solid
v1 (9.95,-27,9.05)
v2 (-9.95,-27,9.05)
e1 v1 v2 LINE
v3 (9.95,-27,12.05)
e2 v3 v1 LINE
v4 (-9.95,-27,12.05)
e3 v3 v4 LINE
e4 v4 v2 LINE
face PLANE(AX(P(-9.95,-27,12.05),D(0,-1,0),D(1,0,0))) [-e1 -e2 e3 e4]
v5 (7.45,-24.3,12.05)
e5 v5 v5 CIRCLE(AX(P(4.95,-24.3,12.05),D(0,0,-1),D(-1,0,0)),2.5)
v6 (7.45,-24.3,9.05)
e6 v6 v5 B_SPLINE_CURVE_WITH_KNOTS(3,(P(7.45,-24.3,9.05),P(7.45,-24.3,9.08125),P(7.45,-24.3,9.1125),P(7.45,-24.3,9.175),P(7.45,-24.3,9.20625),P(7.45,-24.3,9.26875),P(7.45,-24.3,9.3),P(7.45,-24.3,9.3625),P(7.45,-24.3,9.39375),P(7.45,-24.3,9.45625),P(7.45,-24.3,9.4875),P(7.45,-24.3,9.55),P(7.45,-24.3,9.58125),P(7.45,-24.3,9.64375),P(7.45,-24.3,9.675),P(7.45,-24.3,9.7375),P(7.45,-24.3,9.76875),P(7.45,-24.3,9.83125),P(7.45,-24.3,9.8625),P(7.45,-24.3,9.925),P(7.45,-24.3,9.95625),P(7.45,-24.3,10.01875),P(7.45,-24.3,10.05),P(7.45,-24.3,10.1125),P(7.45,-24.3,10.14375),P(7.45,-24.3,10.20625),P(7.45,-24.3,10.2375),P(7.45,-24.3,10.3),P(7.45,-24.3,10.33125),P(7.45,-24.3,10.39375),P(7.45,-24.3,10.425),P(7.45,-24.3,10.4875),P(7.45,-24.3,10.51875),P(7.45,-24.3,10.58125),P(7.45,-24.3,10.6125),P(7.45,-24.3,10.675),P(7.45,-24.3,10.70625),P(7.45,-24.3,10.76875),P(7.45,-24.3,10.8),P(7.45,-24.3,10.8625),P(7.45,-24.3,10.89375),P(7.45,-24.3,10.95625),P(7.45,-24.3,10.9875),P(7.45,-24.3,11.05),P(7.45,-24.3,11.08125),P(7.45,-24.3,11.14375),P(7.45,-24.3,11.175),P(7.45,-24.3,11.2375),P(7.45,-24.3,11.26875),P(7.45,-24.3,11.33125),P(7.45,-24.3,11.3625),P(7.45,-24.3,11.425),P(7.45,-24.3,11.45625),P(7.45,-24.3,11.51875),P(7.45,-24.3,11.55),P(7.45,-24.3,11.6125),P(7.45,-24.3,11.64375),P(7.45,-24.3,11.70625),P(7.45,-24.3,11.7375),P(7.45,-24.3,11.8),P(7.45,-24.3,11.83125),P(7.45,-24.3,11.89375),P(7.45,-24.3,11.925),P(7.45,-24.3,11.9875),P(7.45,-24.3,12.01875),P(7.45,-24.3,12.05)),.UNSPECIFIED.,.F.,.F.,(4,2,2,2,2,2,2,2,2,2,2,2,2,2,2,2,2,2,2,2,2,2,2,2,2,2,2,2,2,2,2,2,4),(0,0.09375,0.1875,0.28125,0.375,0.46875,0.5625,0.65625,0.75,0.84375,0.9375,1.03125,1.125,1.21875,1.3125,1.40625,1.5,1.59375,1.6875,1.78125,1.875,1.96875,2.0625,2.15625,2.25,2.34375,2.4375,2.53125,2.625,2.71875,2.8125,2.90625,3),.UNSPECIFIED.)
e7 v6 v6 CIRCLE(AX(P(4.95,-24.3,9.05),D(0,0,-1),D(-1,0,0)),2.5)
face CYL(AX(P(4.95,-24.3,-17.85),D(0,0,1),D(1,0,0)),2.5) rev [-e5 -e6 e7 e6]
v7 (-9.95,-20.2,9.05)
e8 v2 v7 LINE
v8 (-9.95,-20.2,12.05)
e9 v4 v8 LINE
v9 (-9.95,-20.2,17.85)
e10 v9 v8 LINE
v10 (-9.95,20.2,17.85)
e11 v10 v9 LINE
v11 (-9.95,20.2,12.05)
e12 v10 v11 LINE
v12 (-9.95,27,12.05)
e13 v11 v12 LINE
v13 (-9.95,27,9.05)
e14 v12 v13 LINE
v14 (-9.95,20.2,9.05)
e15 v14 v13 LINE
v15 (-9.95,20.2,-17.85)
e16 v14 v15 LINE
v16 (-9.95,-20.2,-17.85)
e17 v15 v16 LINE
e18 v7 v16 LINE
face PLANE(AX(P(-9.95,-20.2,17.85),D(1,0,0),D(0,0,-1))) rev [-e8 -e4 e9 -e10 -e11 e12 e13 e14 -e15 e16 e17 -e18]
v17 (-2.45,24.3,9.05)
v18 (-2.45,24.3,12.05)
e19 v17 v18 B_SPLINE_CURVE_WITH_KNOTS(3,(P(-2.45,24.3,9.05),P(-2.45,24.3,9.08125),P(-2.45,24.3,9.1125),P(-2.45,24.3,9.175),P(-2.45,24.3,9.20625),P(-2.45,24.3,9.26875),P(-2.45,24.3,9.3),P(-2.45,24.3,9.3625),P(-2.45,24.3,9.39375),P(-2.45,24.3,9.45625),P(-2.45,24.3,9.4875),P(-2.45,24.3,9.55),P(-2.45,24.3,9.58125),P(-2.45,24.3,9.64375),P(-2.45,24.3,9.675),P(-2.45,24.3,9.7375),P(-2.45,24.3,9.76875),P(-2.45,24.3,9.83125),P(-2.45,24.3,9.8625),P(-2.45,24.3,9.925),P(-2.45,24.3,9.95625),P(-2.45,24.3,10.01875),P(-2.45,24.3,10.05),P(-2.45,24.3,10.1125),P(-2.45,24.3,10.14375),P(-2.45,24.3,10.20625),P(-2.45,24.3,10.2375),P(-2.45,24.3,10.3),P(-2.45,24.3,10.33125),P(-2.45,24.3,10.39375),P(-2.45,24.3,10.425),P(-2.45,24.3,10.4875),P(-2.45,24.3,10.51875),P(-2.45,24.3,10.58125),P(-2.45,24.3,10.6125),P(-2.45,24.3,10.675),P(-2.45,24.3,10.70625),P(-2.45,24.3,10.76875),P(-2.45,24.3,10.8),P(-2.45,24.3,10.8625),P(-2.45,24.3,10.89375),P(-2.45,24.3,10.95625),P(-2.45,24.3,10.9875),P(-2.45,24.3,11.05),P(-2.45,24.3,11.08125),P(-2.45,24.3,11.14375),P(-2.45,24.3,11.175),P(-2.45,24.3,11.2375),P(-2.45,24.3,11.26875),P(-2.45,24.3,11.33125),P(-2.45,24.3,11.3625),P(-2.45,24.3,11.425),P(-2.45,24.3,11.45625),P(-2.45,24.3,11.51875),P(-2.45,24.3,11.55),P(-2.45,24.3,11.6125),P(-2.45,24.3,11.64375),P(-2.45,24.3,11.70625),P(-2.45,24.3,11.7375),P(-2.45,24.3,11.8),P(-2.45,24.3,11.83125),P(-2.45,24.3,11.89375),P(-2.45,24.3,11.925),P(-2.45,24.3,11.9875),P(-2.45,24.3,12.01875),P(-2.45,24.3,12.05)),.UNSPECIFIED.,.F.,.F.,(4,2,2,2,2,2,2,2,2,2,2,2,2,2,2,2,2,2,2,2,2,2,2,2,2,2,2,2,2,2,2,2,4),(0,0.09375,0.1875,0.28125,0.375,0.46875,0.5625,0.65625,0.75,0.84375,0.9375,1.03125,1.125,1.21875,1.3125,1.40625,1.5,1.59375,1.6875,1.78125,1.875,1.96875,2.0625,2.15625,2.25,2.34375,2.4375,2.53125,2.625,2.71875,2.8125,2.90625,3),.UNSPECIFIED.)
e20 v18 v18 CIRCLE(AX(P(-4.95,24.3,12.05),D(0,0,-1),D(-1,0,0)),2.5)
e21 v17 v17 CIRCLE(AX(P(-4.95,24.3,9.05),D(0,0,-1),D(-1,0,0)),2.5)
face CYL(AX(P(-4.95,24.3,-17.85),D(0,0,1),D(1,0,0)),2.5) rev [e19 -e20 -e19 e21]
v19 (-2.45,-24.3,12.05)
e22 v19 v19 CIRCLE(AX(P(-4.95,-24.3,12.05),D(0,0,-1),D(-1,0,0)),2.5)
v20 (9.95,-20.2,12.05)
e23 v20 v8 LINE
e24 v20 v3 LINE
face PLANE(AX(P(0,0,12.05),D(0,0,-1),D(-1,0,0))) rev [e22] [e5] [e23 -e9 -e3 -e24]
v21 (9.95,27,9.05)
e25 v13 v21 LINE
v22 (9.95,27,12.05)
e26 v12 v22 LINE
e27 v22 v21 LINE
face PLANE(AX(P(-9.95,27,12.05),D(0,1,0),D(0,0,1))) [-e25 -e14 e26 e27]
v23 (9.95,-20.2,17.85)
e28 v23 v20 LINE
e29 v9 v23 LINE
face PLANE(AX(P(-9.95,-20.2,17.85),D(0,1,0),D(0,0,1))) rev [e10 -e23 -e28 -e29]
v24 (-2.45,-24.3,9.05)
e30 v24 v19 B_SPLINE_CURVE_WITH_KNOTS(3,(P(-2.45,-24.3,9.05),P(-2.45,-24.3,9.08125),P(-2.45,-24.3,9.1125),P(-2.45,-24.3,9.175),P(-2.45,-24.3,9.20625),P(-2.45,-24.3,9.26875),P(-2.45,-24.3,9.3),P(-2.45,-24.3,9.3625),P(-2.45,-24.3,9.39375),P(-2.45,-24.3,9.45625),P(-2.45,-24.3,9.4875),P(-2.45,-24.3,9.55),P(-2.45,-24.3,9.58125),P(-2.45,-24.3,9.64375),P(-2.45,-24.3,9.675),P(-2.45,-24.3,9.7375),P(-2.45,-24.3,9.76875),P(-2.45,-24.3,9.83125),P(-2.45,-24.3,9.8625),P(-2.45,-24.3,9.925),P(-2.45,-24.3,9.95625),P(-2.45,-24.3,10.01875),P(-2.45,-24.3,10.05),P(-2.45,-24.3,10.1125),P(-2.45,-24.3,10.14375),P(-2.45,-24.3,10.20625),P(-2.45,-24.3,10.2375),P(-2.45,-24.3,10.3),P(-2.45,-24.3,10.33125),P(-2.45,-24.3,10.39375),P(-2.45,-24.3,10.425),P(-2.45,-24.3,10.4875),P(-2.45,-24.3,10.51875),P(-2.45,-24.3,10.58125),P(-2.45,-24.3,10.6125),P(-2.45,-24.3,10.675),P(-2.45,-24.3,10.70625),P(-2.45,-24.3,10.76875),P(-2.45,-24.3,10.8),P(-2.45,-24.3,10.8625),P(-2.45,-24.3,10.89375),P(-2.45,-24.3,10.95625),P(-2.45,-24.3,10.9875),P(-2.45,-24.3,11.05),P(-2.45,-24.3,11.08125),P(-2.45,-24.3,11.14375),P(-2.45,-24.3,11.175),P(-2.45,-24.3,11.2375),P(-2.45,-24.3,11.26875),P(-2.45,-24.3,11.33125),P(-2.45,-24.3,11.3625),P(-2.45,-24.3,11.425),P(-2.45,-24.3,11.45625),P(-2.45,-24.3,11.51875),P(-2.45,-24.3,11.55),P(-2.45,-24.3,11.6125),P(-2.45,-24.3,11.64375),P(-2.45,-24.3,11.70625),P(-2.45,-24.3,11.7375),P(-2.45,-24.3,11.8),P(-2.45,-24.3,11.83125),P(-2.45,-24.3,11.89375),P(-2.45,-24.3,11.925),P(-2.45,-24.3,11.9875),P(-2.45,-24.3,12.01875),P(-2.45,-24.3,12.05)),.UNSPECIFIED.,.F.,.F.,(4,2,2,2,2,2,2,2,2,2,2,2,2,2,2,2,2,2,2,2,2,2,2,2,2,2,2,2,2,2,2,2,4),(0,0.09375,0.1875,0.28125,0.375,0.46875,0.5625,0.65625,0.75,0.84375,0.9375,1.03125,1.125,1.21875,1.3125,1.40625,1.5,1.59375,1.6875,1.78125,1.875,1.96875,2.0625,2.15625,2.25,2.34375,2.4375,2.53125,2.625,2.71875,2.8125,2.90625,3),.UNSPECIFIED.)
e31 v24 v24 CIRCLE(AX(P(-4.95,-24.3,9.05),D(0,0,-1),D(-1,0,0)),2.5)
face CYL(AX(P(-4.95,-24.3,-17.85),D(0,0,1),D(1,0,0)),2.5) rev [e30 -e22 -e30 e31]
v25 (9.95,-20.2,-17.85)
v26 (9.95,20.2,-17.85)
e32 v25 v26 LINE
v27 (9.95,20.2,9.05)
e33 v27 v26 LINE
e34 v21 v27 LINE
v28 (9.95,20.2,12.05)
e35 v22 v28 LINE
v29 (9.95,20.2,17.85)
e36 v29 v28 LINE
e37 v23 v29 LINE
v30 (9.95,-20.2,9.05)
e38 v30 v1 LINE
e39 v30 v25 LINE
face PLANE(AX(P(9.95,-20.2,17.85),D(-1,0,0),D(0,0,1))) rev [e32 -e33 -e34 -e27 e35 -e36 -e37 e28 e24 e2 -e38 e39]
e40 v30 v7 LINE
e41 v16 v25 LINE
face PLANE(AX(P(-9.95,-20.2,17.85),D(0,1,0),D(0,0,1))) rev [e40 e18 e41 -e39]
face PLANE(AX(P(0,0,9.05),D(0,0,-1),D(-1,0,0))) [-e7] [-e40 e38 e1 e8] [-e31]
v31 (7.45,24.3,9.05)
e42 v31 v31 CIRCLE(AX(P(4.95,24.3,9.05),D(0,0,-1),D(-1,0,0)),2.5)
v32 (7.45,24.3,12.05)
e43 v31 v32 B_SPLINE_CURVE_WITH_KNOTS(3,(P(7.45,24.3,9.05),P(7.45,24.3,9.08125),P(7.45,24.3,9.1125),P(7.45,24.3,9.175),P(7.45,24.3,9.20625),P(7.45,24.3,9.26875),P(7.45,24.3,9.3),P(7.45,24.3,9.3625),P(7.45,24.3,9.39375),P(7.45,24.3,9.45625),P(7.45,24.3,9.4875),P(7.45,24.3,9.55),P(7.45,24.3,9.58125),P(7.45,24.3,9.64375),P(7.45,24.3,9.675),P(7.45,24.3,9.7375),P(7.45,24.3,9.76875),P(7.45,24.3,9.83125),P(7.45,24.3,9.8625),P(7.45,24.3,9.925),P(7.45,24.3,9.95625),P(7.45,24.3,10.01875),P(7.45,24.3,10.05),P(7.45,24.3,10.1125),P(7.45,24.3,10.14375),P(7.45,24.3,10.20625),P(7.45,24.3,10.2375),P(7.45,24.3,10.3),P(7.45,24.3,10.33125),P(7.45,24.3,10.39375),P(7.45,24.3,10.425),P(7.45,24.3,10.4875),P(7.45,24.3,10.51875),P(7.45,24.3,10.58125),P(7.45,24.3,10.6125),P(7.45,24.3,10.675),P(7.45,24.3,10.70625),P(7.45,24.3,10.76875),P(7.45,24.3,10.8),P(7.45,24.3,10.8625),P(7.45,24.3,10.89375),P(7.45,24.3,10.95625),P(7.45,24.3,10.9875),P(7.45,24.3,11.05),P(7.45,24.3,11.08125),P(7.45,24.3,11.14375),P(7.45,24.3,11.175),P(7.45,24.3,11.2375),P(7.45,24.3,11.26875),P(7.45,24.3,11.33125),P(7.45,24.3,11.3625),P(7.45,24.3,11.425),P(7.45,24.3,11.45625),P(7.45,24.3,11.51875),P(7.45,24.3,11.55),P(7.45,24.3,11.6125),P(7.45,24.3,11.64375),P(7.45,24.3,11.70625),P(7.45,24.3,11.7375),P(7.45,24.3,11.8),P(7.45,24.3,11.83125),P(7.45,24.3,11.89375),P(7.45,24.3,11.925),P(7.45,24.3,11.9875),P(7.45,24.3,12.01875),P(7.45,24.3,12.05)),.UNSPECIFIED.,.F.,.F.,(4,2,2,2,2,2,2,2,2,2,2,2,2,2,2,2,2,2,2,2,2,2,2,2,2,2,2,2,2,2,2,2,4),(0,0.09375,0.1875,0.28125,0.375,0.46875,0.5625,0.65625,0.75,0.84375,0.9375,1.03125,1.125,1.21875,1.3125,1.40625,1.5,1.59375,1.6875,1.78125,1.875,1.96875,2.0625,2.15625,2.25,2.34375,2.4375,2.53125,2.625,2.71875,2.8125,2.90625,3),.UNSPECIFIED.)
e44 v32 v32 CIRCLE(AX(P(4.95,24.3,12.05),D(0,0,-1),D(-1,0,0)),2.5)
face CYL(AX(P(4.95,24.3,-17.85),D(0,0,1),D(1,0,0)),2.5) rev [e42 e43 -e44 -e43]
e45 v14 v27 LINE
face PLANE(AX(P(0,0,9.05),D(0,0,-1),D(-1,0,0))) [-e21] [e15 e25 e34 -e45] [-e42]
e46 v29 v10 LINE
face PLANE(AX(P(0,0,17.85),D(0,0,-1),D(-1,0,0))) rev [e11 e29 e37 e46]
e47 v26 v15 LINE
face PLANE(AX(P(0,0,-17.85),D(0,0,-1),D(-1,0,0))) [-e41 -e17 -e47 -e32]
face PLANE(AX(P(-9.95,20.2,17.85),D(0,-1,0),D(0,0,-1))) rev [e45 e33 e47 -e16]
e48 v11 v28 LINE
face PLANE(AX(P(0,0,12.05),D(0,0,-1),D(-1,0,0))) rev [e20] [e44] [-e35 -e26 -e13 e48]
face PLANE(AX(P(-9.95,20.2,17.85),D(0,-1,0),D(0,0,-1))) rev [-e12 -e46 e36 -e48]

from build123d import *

# Parameters (mm, degrees)
SKETCH4_W               = 19.9
SKETCH4_H               = 40.4
BOSS_EXTRUDE3_DEPTH     = 17.85
SKETCH6_W               = 19.9
SKETCH6_H               = 54
BOSS_EXTRUDE4_DEPTH     = 3
CUT_EXTRUDE2_DEPTH      = 34.861851692
CUT_EXTRUDE2_DEPTH_BACK = 34.861851692
SKETCH1_R               = 2.5


with BuildPart() as part:
    # Sketch4 → Boss-Extrude3 (new, symmetric)
    with BuildSketch(Plane.XY):
        Rectangle(SKETCH4_W, SKETCH4_H)
    extrude(amount=BOSS_EXTRUDE3_DEPTH, both=True)

    # Sketch6 → Boss-Extrude4 (add)
    with BuildSketch(Plane(origin=(0, 0, 9.05), x_dir=(-1, 0, 0), z_dir=(0, 0, -1))):
        Rectangle(SKETCH6_W, SKETCH6_H)
    extrude(amount=-BOSS_EXTRUDE4_DEPTH)

    # Sketch1 → Cut-Extrude2 (cut, two sides: drawn at the far end of the back side and taken through both)
    with BuildSketch(Plane.XY.offset(-CUT_EXTRUDE2_DEPTH_BACK)):
        with Locations((4.95, -24.3)):
            Circle(SKETCH1_R)
        with Locations((-4.95, -24.3)):
            Circle(SKETCH1_R)
        with Locations((-4.95, 24.3)):
            Circle(SKETCH1_R)
        with Locations((4.95, 24.3)):
            Circle(SKETCH1_R)
    extrude(amount=CUT_EXTRUDE2_DEPTH + CUT_EXTRUDE2_DEPTH_BACK, mode=Mode.SUBTRACT)


solid = part.part
